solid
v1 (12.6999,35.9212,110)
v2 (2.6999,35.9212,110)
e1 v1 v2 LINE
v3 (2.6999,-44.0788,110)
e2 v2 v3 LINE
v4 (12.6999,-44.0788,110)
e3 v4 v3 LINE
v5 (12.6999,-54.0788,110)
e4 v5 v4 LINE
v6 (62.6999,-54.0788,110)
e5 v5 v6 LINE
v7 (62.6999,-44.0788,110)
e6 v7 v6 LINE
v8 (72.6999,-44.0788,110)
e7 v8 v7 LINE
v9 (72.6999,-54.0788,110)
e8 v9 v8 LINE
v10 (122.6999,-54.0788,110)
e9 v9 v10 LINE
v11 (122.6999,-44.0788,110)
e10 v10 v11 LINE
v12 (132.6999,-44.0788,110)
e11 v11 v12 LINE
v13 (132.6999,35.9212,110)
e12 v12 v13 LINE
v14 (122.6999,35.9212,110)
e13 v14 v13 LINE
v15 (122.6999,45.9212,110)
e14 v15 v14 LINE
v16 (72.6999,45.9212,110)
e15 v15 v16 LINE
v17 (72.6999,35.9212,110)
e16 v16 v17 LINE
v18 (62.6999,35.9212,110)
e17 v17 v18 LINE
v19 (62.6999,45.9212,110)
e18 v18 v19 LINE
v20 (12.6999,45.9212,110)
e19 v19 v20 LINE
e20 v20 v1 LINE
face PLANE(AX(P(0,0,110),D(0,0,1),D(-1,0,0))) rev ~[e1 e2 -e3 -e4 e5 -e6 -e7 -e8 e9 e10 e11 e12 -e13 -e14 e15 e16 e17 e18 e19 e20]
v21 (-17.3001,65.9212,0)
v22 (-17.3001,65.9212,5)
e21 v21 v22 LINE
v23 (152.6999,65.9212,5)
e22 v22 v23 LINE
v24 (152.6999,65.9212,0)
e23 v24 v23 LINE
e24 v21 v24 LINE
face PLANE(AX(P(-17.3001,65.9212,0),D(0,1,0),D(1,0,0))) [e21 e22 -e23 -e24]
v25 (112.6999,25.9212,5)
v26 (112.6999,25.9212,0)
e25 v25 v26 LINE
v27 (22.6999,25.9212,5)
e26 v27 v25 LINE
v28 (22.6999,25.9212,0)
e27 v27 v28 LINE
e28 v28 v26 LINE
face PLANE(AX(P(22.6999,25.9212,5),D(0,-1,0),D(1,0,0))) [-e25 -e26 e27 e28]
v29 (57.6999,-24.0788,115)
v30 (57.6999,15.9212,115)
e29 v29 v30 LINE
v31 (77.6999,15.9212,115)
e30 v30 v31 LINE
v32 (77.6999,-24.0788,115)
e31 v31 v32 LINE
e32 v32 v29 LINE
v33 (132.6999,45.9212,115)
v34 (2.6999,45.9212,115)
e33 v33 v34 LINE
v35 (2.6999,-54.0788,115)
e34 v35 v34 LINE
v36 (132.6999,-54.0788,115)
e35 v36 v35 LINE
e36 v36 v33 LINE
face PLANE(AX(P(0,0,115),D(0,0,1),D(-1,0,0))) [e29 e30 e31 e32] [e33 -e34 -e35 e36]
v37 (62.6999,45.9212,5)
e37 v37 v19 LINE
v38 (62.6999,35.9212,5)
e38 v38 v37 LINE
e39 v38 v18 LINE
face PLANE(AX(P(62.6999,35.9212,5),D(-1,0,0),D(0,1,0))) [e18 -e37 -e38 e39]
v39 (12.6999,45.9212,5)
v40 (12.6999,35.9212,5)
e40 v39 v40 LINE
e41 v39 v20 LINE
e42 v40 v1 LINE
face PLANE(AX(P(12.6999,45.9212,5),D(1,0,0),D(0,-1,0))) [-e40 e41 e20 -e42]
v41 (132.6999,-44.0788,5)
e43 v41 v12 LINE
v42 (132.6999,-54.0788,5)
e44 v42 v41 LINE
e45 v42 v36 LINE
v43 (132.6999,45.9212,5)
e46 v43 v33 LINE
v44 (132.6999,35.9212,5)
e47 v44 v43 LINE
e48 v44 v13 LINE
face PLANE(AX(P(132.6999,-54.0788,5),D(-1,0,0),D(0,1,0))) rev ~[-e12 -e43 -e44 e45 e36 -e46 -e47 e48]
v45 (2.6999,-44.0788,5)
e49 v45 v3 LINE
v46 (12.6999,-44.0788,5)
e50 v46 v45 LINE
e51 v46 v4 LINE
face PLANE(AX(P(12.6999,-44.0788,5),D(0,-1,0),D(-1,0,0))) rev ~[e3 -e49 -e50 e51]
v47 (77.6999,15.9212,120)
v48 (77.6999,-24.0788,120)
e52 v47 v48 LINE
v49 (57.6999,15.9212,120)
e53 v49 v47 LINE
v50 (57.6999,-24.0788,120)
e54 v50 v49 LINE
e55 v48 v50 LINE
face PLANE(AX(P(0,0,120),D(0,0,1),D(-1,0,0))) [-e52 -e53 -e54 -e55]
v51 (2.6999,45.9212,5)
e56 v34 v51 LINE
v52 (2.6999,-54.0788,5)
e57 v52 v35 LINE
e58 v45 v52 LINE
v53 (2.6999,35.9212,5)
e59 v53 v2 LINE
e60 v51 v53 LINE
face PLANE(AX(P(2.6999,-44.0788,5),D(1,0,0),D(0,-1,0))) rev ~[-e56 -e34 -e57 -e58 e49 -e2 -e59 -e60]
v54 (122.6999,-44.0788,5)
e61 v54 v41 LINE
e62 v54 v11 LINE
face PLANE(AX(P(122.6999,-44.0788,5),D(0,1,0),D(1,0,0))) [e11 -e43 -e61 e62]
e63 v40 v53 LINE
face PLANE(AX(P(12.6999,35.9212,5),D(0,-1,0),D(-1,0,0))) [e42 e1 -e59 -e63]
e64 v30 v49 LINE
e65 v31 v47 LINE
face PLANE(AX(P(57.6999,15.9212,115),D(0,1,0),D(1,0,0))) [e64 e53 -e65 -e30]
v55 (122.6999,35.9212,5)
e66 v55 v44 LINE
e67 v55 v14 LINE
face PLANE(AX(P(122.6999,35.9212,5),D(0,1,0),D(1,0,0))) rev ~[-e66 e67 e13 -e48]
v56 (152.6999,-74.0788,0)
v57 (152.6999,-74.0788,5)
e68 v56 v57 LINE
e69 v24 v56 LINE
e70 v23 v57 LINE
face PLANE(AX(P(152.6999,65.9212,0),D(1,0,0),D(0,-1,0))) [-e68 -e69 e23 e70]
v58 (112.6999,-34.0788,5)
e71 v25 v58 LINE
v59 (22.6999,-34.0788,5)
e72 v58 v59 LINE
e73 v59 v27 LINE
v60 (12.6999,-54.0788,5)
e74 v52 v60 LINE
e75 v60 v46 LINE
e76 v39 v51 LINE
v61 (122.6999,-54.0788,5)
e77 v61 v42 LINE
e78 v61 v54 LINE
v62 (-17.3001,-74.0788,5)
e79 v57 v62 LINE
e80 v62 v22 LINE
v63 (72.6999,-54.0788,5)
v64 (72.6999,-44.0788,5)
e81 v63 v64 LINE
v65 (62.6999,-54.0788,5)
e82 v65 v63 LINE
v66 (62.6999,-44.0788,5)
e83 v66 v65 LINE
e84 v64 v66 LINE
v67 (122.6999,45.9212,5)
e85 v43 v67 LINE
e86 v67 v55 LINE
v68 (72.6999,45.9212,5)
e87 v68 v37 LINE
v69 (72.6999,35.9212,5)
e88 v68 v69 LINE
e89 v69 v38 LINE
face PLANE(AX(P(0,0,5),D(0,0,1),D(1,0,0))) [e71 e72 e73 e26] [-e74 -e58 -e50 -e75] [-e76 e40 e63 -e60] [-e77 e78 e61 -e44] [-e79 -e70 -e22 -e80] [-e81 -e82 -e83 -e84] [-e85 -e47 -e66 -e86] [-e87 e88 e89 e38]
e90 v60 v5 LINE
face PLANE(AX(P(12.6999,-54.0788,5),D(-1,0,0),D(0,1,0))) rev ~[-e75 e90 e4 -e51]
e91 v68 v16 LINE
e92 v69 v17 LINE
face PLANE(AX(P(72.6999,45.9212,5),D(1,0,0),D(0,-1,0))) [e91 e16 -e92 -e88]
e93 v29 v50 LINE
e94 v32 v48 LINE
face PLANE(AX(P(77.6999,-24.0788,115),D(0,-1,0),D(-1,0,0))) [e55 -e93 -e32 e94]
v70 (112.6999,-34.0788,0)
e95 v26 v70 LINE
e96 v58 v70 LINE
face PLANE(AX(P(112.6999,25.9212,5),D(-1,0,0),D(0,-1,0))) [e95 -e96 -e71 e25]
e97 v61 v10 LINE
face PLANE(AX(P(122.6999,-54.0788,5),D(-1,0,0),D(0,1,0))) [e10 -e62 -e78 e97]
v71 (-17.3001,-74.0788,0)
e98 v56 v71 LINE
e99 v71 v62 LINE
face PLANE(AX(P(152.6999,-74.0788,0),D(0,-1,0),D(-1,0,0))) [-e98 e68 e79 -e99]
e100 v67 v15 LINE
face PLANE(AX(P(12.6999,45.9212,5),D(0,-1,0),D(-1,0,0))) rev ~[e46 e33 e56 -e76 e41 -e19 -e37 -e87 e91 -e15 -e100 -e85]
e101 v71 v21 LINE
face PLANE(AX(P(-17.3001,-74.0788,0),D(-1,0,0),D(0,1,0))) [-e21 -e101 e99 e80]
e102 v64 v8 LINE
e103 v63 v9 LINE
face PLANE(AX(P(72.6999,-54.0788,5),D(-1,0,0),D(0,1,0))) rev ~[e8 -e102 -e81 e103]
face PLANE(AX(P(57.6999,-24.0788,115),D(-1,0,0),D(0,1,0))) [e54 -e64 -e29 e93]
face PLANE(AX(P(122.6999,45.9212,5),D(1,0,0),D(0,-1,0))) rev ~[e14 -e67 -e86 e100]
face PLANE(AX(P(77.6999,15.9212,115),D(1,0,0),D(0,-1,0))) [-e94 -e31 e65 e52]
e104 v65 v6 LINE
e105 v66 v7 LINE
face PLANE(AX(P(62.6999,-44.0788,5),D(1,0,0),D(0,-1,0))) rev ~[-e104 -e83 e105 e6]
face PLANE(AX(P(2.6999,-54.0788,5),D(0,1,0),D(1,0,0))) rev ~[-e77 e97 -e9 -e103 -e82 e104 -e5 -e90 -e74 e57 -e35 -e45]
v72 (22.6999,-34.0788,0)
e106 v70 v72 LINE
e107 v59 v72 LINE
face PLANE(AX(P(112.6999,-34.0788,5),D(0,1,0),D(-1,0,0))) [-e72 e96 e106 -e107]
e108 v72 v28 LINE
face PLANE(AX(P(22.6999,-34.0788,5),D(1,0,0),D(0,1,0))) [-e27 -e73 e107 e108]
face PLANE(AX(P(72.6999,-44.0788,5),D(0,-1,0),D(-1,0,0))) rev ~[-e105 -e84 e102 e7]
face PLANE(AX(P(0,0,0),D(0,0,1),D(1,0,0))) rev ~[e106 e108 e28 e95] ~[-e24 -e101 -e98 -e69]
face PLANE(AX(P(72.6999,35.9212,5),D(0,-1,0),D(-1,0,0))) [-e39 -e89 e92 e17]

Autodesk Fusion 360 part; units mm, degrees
sketch "Sketch1" plane through (0, 0, 0) normal (0, 0, 1) x (1, 0, 0)
  line L0 (-17.3001, 65.9212) -> (152.6999, 65.9212)
  line L1 (152.6999, 65.9212) -> (152.6999, -74.0788)
  line L2 (152.6999, -74.0788) -> (-17.3001, -74.0788)
  line L3 (-17.3001, -74.0788) -> (-17.3001, 65.9212)
  dimension "d1" = 140
  dimension "d2" = 170
extrude "Extrude1" add sketch "Sketch1" along normal blind 5
sketch "Sketch6" plane through (0, 0, 5) normal (0, 0, 1) x (-1, 0, 0)
  line L0 (17.3001, 74.0788) -> (-152.6999, 74.0788)
  line L1 (-152.6999, 74.0788) -> (-152.6999, -65.9212)
  line L2 (-152.6999, -65.9212) -> (17.3001, -65.9212)
  line L3 (17.3001, -65.9212) -> (17.3001, 74.0788)
  line L4 (-2.6999, 54.0788) -> (-132.6999, 54.0788)
  line L5 (-132.6999, 54.0788) -> (-132.6999, -45.9212)
  line L6 (-132.6999, -45.9212) -> (-2.6999, -45.9212)
  line L7 (-2.6999, -45.9212) -> (-2.6999, 54.0788)
  line L8 (17.3001, 74.0788) -> (17.3001, -65.9212)
  line L9 (-152.6999, -65.9212) -> (-152.6999, 74.0788)
  line L10 (-152.6999, 74.0788) -> (17.3001, 74.0788)
  line L11 (17.3001, -65.9212) -> (-152.6999, -65.9212)
  line L12 (-2.6999, 54.0788) -> (-12.6999, 54.0788)
  line L13 (-12.6999, 54.0788) -> (-12.6999, 44.0788)
  line L14 (-12.6999, 44.0788) -> (-2.6999, 44.0788)
  line L15 (-2.6999, 44.0788) -> (-2.6999, 54.0788)
  line L16 (-2.6999, -45.9212) -> (-12.6999, -45.9212)
  line L17 (-12.6999, -45.9212) -> (-12.6999, -35.9212)
  line L18 (-12.6999, -35.9212) -> (-2.6999, -35.9212)
  line L19 (-2.6999, -35.9212) -> (-2.6999, -45.9212)
  line L20 (-132.6999, 54.0788) -> (-122.6999, 54.0788)
  line L21 (-122.6999, 54.0788) -> (-122.6999, 44.0788)
  line L22 (-122.6999, 44.0788) -> (-132.6999, 44.0788)
  line L23 (-132.6999, 44.0788) -> (-132.6999, 54.0788)
  line L24 (-132.6999, -45.9212) -> (-122.6999, -45.9212)
  line L25 (-122.6999, -45.9212) -> (-122.6999, -35.9212)
  line L26 (-122.6999, -35.9212) -> (-132.6999, -35.9212)
  line L27 (-132.6999, -35.9212) -> (-132.6999, -45.9212)
  line L28 (-62.6999, 54.0788) -> (-72.6999, 54.0788)
  line L29 (-72.6999, 54.0788) -> (-72.6999, 44.0788)
  line L30 (-72.6999, 44.0788) -> (-62.6999, 44.0788)
  line L31 (-62.6999, 44.0788) -> (-62.6999, 54.0788)
  line L32 (-62.6999, -45.9212) -> (-72.6999, -45.9212)
  line L33 (-72.6999, -45.9212) -> (-72.6999, -35.9212)
  line L34 (-72.6999, -35.9212) -> (-62.6999, -35.9212)
  line L35 (-62.6999, -35.9212) -> (-62.6999, -45.9212)
  line L36 (-22.6999, -25.9212) -> (-112.6999, -25.9212)
  line L37 (-112.6999, -25.9212) -> (-112.6999, 34.0788)
  line L38 (-112.6999, 34.0788) -> (-22.6999, 34.0788)
  line L39 (-22.6999, 34.0788) -> (-22.6999, -25.9212)
  dimension "d23" = 20
  dimension "d24" = 20
  dimension "d25" = 20
  dimension "d26" = 20
  dimension "d27" = 10
  dimension "d28" = 10
  dimension "d29" = 10
  dimension "d30" = 10
  dimension "d31" = 10
  dimension "d32" = 10
  dimension "d33" = 10
  dimension "d34" = 10
  dimension "d35" = 10
  dimension "d36" = 10
  dimension "d37" = 10
  dimension "d38" = 10
  dimension "d39" = 50
  dimension "d40" = 50
  dimension "d41" = 50
  dimension "d42" = 50
  dimension "d57" = 10
  dimension "d58" = 10
  dimension "d59" = 10
  dimension "d60" = 10
  dimension "d61" = 20
  dimension "d62" = 20
extrude "Extrude4" add sketch "Sketch6" along normal blind 105 contours L4 L7 L12 L13 L14 L15 | L4 L28 L29 L30 L31 | L6 L7 L16 L17 L18 L19 | L4 L5 L20 L21 L22 L23 | L6 L32 L33 L34 L35 | L5 L6 L24 L25 L26 L27
sketch "Sketch7" plane through (0, 0, 110) normal (0, 0, 1) x (-1, 0, 0)
  line L0 (-2.6999, 44.0788) -> (-2.6999, 54.0788)
  line L1 (-2.6999, 54.0788) -> (-12.6999, 54.0788)
  line L2 (-12.6999, 54.0788) -> (-12.6999, 44.0788)
  line L3 (-12.6999, 44.0788) -> (-2.6999, 44.0788)
  line L4 (-2.6999, 54.0788) -> (-132.6999, 54.0788)
  line L5 (-132.6999, 54.0788) -> (-132.6999, -45.9212)
  line L6 (-132.6999, -45.9212) -> (-2.6999, -45.9212)
  line L7 (-2.6999, -45.9212) -> (-2.6999, 54.0788)
  dimension "d45" = 130
  dimension "d46" = 100
extrude "Extrude5" add sketch "Sketch7" along normal blind 5
sketch "Sketch8" plane through (0, 0, 115) normal (0, 0, 1) x (-1, 0, 0)
  line L0 (-2.6999, -45.9212) -> (-2.6999, 54.0788)
  line L1 (-2.6999, 54.0788) -> (-132.6999, 54.0788)
  line L2 (-132.6999, 54.0788) -> (-132.6999, -45.9212)
  line L3 (-132.6999, -45.9212) -> (-2.6999, -45.9212)
  line L4 (-57.6999, -15.9212) -> (-77.6999, -15.9212)
  line L5 (-77.6999, -15.9212) -> (-77.6999, 24.0788)
  line L6 (-77.6999, 24.0788) -> (-57.6999, 24.0788)
  line L7 (-57.6999, 24.0788) -> (-57.6999, -15.9212)
  dimension "d49" = 40
  dimension "d50" = 20
  dimension "d51" = 55
  dimension "d52" = 55
  dimension "d53" = 30
  dimension "d54" = 30
extrude "Extrude6" add sketch "Sketch8" along normal blind 5 contours L4 L5 L6 L7
extrude "Extrude7" cut sketch "Sketch6" against normal blind 5 contours L36 L37 L38 L39
